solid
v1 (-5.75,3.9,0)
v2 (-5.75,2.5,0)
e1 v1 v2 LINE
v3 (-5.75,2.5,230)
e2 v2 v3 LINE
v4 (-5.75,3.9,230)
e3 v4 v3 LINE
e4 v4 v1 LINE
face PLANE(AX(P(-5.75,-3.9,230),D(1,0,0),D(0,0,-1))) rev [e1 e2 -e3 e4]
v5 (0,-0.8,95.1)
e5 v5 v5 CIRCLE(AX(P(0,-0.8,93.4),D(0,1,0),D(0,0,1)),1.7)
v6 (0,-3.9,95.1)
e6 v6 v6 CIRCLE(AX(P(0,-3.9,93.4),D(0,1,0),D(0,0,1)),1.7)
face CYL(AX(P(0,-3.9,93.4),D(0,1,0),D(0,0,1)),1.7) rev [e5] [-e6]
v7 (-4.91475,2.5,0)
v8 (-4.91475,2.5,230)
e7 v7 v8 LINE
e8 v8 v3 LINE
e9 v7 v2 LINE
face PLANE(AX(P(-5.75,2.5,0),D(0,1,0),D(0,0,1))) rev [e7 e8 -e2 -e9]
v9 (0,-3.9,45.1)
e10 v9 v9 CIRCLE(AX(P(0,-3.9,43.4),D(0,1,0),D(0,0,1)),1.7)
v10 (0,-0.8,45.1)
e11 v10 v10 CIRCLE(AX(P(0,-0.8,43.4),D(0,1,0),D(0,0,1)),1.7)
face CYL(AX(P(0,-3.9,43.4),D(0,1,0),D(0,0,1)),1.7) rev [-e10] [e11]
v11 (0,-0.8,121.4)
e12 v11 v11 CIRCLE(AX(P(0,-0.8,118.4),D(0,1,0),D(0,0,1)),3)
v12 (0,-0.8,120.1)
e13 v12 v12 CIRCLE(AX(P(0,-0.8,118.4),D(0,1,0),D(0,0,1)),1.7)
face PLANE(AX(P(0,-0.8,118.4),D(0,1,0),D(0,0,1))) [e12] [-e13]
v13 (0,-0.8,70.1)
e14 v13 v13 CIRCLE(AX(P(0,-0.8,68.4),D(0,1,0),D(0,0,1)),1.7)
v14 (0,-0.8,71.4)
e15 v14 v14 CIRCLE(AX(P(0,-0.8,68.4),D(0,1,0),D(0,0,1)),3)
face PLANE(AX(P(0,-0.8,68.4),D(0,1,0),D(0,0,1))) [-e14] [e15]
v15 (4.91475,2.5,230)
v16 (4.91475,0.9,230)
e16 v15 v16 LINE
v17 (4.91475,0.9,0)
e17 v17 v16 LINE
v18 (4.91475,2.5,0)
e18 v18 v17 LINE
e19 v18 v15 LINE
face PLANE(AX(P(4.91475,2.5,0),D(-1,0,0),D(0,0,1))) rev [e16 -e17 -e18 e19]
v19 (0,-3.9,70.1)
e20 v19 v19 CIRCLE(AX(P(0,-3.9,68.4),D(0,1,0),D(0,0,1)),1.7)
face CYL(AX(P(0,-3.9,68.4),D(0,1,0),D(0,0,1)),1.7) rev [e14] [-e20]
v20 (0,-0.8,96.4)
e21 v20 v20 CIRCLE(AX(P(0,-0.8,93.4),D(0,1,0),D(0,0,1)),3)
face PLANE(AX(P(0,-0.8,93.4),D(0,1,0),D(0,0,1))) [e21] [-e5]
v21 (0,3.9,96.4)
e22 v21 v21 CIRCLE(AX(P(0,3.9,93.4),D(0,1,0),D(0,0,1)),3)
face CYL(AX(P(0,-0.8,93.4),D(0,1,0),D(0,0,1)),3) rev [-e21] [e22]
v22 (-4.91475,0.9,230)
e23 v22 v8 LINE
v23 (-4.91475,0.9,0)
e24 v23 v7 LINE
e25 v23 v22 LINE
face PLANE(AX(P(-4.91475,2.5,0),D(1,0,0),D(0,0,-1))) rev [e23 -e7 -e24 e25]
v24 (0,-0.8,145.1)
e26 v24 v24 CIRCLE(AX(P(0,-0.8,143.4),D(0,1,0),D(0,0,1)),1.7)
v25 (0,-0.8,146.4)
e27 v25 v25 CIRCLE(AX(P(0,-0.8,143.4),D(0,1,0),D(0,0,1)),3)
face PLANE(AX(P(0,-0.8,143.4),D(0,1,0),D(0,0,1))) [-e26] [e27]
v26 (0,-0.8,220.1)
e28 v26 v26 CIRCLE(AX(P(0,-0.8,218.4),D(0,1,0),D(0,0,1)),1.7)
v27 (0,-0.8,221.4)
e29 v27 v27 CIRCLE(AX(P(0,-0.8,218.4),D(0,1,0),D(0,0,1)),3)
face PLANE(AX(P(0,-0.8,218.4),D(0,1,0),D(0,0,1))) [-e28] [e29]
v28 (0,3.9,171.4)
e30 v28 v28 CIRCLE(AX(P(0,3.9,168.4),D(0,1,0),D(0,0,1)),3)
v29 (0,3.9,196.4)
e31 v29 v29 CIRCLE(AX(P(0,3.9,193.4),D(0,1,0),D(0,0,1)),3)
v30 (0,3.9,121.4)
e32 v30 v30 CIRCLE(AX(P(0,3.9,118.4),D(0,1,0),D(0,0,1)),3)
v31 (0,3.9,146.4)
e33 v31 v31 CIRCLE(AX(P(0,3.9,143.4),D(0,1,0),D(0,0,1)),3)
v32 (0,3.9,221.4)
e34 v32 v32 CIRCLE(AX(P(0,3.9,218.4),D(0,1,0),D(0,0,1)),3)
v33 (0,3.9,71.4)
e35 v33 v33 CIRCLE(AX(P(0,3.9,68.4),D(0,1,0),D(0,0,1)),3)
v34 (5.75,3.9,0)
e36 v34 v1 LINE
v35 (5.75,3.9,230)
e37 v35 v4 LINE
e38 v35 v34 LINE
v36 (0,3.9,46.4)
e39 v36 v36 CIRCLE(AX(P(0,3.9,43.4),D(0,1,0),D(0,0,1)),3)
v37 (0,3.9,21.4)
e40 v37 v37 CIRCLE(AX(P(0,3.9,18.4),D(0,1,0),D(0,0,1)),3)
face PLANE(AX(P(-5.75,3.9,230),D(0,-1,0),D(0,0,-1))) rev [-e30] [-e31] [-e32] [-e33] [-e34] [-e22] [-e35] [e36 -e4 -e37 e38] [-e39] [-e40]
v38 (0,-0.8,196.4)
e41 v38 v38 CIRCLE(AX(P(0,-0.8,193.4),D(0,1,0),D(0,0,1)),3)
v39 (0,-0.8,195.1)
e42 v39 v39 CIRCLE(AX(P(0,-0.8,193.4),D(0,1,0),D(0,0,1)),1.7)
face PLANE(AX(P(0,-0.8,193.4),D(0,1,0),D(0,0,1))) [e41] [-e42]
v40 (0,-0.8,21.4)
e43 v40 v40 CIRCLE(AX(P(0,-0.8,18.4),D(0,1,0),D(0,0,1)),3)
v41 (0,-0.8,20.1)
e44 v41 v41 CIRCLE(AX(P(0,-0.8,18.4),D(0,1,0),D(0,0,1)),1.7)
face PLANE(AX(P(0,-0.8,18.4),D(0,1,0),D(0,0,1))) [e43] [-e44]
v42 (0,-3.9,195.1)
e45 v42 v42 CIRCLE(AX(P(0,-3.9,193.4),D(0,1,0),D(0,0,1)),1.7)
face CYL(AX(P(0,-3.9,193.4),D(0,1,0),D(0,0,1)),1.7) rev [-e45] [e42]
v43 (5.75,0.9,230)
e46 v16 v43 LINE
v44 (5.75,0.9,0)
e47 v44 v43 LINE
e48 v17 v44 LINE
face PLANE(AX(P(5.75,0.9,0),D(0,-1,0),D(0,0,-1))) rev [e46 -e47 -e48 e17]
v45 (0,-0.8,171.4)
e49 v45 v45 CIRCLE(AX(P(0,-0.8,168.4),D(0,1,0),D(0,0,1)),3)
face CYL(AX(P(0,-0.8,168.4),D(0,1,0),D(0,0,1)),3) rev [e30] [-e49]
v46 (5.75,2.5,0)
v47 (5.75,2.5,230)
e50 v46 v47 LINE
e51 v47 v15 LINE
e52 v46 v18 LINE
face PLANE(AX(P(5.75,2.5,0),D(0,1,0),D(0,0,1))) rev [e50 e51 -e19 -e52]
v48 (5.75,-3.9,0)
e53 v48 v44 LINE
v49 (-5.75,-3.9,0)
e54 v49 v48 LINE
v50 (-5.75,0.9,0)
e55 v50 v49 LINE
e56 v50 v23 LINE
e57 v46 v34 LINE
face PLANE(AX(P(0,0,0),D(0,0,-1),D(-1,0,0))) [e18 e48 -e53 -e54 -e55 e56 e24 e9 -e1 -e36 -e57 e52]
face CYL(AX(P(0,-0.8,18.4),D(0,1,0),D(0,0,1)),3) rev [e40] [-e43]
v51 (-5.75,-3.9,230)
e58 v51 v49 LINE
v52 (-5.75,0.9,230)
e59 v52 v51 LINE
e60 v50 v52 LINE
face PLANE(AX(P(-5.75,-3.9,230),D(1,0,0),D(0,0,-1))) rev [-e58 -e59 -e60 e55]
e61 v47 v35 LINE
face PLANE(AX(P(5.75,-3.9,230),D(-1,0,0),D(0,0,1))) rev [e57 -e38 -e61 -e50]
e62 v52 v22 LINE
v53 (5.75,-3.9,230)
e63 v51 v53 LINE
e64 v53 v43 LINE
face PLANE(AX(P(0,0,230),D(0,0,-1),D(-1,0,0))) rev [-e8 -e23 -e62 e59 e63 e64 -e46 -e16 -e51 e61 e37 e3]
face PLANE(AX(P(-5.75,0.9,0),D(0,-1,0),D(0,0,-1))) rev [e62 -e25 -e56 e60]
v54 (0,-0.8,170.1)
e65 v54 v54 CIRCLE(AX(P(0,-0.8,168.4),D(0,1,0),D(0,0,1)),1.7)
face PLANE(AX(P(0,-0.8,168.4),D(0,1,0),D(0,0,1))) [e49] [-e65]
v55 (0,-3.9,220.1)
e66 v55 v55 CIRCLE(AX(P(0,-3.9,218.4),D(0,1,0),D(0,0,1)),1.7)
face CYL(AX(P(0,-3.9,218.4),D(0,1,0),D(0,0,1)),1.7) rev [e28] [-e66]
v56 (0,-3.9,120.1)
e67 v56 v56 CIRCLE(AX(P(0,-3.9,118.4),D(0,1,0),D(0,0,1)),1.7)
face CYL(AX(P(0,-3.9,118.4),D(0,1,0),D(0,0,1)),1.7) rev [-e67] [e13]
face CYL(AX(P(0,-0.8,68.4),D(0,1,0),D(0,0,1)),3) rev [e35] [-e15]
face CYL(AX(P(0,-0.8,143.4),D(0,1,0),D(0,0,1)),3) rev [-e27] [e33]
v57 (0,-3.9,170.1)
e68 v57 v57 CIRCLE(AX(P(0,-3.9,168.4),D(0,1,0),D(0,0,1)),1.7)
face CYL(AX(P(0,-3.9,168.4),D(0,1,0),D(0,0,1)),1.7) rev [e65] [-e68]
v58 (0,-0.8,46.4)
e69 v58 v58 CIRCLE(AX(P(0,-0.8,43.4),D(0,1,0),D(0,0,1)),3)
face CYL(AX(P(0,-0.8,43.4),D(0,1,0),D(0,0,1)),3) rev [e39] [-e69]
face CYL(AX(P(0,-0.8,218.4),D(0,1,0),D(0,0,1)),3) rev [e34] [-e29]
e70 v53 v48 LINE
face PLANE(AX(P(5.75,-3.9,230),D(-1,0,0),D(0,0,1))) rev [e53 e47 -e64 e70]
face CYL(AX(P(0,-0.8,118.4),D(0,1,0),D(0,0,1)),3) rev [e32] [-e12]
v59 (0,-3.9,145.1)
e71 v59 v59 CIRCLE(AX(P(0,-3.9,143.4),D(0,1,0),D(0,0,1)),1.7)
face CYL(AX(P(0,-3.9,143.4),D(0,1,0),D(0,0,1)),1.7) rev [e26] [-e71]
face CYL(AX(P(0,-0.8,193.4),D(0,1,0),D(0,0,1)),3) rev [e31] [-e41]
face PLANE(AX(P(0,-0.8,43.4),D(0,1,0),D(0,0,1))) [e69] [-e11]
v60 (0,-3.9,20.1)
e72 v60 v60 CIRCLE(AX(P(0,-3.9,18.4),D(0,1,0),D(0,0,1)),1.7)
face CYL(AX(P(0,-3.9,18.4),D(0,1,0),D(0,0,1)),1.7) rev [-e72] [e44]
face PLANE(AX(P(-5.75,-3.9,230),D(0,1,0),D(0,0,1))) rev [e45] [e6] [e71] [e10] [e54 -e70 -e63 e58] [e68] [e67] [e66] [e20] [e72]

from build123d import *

# Parameters (mm, degrees)
SKETCH1_W           = 11.5
SKETCH1_H           = 7.8
BOSS_EXTRUDE1_DEPTH = 230
SKETCH2_W           = 0.835250229
SKETCH2_H           = 1.6
CUT_EXTRUDE1_DEPTH  = 231.104916288
SKETCH3_R           = 3
CUT_EXTRUDE2_DEPTH  = 4.7
SKETCH4_R           = 1.7
CUT_EXTRUDE3_DEPTH  = 231.119865505


with BuildPart() as part:
    # Sketch1 → Boss-Extrude1 (new body)
    with BuildSketch(Plane.XY):
        Rectangle(SKETCH1_W, SKETCH1_H)
    extrude(amount=BOSS_EXTRUDE1_DEPTH)

    # Sketch2 → Cut-Extrude1 (cut, through all)
    with BuildSketch(Plane.XY.offset(230)):
        with Locations((5.332374886, 1.7)):
            Rectangle(SKETCH2_W, SKETCH2_H)
        with Locations((-5.332374886, 1.7)):
            Rectangle(SKETCH2_W, SKETCH2_H)
    extrude(amount=-CUT_EXTRUDE1_DEPTH, mode=Mode.SUBTRACT)

    # Sketch3 → Cut-Extrude2 (cut)
    with BuildSketch(Plane(origin=(0, 3.9, 0), x_dir=(1, 0, 0), z_dir=(0, 1, 0))):
        with Locations(Location((0, -218.4, 0), (0, 0, 270))):
            Circle(SKETCH3_R)
        with Locations(Location((0, -193.4, 0), (0, 0, 270))):
            Circle(SKETCH3_R)
        with Locations(Location((0, -168.4, 0), (0, 0, 270))):
            Circle(SKETCH3_R)
        with Locations(Location((0, -143.4, 0), (0, 0, 270))):
            Circle(SKETCH3_R)
        with Locations(Location((0, -118.4, 0), (0, 0, 270))):
            Circle(SKETCH3_R)
        with Locations(Location((0, -93.4, 0), (0, 0, 270))):
            Circle(SKETCH3_R)
        with Locations(Location((0, -68.4, 0), (0, 0, 270))):
            Circle(SKETCH3_R)
        with Locations(Location((0, -43.4, 0), (0, 0, 270))):
            Circle(SKETCH3_R)
        with Locations(Location((0, -18.4, 0), (0, 0, 270))):
            Circle(SKETCH3_R)
        with Locations((0, 6.6)):
            Circle(SKETCH3_R)
        with Locations((0, 31.6)):
            Circle(SKETCH3_R)
        with Locations((0, 56.6)):
            Circle(SKETCH3_R)
        with Locations((0, 81.6)):
            Circle(SKETCH3_R)
        with Locations((0, 106.6)):
            Circle(SKETCH3_R)
        with Locations((0, 131.6)):
            Circle(SKETCH3_R)
        with Locations((0, 156.6)):
            Circle(SKETCH3_R)
        with Locations((0, 181.6)):
            Circle(SKETCH3_R)
        with Locations((0, 206.6)):
            Circle(SKETCH3_R)
        with Locations((0, 231.6)):
            Circle(SKETCH3_R)
        with Locations((0, 256.6)):
            Circle(SKETCH3_R)
        with Locations((0, 281.6)):
            Circle(SKETCH3_R)
        with Locations((0, 306.6)):
            Circle(SKETCH3_R)
        with Locations((0, 331.6)):
            Circle(SKETCH3_R)
        with Locations((0, 356.6)):
            Circle(SKETCH3_R)
        with Locations((0, 381.6)):
            Circle(SKETCH3_R)
    extrude(amount=-CUT_EXTRUDE2_DEPTH, mode=Mode.SUBTRACT)

    # Sketch4 → Cut-Extrude3 (cut, through all)
    with BuildSketch(Plane(origin=(0, -0.8, 0), x_dir=(1, 0, 0), z_dir=(0, 1, 0))):
        with Locations(Location((0, -218.4, 0), (0, 0, 270))):
            Circle(SKETCH4_R)
        with Locations(Location((0, -193.4, 0), (0, 0, 270))):
            Circle(SKETCH4_R)
        with Locations(Location((0, -168.4, 0), (0, 0, 270))):
            Circle(SKETCH4_R)
        with Locations(Location((0, -143.4, 0), (0, 0, 270))):
            Circle(SKETCH4_R)
        with Locations(Location((0, -118.4, 0), (0, 0, 270))):
            Circle(SKETCH4_R)
        with Locations(Location((0, -93.4, 0), (0, 0, 270))):
            Circle(SKETCH4_R)
        with Locations(Location((0, -68.4, 0), (0, 0, 270))):
            Circle(SKETCH4_R)
        with Locations(Location((0, -43.4, 0), (0, 0, 270))):
            Circle(SKETCH4_R)
        with Locations(Location((0, -18.4, 0), (0, 0, 270))):
            Circle(SKETCH4_R)
        with Locations((0, 6.6)):
            Circle(SKETCH4_R)
        with Locations((0, 31.6)):
            Circle(SKETCH4_R)
        with Locations((0, 56.6)):
            Circle(SKETCH4_R)
        with Locations((0, 81.6)):
            Circle(SKETCH4_R)
        with Locations((0, 106.6)):
            Circle(SKETCH4_R)
        with Locations((0, 131.6)):
            Circle(SKETCH4_R)
        with Locations((0, 156.6)):
            Circle(SKETCH4_R)
        with Locations((0, 181.6)):
            Circle(SKETCH4_R)
        with Locations((0, 206.6)):
            Circle(SKETCH4_R)
        with Locations((0, 231.6)):
            Circle(SKETCH4_R)
        with Locations((0, 256.6)):
            Circle(SKETCH4_R)
        with Locations((0, 281.6)):
            Circle(SKETCH4_R)
        with Locations((0, 306.6)):
            Circle(SKETCH4_R)
        with Locations((0, 331.6)):
            Circle(SKETCH4_R)
        with Locations((0, 356.6)):
            Circle(SKETCH4_R)
        with Locations((0, 381.6)):
            Circle(SKETCH4_R)
    extrude(amount=-CUT_EXTRUDE3_DEPTH, mode=Mode.SUBTRACT)


solid = part.part
